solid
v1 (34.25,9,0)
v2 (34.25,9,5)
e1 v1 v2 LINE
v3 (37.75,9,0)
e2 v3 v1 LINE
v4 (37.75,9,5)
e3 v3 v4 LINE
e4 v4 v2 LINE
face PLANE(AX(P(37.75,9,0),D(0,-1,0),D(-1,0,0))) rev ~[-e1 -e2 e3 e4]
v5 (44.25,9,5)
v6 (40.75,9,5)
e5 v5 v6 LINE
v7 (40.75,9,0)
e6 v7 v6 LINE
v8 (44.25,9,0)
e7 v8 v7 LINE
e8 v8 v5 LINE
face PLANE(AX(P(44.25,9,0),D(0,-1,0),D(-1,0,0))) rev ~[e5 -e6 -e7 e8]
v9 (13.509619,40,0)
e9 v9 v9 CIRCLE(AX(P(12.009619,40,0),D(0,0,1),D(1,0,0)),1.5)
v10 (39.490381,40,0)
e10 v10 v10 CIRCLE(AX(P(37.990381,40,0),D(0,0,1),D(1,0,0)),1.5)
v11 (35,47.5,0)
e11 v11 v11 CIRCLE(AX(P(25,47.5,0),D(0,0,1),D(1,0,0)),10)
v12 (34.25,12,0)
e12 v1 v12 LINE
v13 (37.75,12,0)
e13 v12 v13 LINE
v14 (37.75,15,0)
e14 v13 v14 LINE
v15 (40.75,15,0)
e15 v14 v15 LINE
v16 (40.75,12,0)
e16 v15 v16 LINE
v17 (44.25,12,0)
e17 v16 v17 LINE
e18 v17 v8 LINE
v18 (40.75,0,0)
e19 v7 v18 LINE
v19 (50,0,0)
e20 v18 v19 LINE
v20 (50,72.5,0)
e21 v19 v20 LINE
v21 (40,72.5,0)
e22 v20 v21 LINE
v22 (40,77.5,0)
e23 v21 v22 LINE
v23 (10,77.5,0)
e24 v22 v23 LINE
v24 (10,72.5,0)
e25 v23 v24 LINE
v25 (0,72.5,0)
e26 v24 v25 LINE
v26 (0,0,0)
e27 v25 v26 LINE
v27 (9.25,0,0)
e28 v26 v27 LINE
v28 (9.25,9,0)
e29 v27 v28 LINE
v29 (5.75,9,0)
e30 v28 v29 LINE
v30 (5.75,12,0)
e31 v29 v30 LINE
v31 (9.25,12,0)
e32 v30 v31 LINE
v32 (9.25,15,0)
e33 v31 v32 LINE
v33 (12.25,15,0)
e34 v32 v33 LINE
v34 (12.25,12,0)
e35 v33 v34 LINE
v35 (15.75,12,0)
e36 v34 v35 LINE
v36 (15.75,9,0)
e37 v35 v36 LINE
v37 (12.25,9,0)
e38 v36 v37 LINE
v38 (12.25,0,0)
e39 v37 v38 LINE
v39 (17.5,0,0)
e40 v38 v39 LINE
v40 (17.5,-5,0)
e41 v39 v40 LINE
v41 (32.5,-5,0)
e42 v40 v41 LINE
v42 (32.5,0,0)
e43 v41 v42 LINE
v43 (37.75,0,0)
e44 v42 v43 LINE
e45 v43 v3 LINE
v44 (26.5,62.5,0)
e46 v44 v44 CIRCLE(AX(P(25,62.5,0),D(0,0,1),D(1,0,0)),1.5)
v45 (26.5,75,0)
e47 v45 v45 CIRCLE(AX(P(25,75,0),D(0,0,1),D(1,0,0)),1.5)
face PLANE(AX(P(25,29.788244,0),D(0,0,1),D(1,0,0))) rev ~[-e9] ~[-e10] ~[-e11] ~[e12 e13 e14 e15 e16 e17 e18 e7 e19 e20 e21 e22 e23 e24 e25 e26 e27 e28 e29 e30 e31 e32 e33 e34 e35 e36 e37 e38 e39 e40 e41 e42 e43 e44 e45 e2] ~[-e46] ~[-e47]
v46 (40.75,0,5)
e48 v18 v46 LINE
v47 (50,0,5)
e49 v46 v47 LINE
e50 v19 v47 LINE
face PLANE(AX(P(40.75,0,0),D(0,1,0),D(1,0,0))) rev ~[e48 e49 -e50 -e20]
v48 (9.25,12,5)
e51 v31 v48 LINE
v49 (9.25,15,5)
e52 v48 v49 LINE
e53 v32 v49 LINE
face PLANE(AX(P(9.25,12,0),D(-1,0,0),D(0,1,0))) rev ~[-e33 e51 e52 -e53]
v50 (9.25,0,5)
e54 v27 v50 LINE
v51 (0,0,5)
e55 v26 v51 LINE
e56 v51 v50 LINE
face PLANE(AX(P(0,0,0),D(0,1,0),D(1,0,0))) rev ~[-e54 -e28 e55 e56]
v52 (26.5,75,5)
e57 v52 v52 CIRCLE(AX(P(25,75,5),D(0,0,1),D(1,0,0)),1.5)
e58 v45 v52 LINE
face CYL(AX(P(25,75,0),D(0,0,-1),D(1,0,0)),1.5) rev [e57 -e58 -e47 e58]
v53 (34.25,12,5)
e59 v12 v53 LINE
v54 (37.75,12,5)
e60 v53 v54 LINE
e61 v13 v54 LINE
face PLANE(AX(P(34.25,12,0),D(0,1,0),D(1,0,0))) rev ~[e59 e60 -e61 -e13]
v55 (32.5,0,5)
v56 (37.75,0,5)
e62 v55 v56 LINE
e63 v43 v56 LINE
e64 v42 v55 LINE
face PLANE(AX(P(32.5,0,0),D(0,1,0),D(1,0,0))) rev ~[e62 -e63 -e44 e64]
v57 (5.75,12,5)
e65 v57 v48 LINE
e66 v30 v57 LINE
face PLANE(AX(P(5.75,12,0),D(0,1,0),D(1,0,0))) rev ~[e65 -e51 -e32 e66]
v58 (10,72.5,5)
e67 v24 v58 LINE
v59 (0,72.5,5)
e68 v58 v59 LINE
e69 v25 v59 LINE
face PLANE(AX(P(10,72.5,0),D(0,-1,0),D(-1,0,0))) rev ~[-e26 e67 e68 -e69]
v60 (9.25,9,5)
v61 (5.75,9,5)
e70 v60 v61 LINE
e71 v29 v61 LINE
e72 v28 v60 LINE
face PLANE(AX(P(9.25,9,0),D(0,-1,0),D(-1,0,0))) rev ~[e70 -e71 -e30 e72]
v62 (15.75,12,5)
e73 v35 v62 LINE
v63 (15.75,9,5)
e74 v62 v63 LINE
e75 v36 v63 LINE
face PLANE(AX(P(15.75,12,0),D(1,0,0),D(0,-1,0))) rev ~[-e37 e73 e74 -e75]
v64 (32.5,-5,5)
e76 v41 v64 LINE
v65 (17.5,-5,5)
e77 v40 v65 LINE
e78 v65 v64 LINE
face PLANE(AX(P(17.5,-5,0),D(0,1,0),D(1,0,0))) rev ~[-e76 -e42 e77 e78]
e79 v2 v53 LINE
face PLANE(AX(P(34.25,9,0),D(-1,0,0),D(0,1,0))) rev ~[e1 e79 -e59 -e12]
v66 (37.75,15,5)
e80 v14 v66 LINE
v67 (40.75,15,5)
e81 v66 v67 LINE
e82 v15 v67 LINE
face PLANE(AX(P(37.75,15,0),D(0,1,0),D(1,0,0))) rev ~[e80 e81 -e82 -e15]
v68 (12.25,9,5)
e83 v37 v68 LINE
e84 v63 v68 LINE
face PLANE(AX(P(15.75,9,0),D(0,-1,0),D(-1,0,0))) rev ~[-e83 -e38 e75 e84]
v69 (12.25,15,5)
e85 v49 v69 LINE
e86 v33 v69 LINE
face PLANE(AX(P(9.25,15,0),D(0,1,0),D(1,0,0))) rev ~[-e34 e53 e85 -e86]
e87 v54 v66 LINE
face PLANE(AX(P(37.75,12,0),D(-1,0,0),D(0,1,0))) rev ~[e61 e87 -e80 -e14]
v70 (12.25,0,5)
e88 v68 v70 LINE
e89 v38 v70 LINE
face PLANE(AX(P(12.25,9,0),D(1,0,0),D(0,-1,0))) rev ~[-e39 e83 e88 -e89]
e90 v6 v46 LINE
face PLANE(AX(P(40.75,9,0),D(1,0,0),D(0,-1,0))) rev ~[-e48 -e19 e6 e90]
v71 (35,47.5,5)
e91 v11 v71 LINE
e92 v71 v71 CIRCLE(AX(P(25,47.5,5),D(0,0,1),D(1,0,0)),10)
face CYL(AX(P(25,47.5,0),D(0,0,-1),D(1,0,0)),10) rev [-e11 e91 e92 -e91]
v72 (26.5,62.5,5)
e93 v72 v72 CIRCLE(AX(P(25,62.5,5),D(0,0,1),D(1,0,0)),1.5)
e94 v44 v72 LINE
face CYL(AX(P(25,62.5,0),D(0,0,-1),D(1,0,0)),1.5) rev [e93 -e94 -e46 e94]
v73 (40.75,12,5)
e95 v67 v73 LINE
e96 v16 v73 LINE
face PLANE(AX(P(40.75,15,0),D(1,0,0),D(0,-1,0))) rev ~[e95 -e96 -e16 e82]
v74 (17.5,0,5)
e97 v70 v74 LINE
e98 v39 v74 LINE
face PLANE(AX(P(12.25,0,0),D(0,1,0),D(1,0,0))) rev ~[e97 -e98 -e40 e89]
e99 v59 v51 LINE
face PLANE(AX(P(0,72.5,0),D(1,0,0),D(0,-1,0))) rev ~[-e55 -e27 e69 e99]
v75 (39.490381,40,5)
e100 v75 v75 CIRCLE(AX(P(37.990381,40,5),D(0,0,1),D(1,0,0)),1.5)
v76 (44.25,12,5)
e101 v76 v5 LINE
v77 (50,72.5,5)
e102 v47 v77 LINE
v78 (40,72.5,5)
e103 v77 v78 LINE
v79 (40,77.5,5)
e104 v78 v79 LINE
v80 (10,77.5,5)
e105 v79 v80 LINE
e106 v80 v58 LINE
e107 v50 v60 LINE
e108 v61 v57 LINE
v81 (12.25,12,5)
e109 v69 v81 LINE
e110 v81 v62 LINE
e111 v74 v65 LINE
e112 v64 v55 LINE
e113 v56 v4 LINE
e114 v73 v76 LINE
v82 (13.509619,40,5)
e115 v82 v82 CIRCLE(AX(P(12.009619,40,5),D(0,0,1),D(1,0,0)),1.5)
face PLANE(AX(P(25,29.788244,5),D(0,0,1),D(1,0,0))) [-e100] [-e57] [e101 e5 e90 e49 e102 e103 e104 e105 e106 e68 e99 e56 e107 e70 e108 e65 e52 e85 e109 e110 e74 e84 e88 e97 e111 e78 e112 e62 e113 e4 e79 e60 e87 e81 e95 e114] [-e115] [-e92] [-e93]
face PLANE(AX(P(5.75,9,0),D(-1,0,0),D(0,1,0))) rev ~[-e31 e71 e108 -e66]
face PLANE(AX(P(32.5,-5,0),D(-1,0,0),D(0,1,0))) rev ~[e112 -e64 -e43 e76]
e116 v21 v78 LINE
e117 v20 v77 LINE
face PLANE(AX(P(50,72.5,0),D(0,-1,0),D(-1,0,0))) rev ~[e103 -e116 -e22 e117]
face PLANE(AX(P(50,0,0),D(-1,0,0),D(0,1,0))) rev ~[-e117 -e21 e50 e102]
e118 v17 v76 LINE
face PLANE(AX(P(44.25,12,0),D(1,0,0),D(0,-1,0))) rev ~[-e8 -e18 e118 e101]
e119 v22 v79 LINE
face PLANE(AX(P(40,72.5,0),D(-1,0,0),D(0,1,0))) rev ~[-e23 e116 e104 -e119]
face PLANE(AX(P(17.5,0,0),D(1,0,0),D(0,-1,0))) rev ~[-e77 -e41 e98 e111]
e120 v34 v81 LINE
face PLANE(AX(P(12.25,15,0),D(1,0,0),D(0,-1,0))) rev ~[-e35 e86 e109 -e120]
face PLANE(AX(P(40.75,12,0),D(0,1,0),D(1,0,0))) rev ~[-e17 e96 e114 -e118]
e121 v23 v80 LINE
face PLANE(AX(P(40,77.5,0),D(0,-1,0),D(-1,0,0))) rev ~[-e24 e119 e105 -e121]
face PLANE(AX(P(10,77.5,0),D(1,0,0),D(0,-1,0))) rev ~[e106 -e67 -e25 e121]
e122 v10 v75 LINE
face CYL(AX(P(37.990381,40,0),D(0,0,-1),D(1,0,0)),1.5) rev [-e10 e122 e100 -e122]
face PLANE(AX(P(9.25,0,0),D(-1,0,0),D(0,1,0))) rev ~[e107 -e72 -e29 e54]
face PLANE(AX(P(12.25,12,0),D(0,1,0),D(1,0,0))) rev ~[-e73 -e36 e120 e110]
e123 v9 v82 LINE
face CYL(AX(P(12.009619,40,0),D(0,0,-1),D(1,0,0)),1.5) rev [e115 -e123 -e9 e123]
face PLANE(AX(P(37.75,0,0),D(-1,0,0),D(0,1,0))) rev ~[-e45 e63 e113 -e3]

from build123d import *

# Parameters (mm, degrees)
CROQUIS1_R              = 1.5
CROQUIS1_R_2            = 10
SALIENTE_EXTRUIR1_DEPTH = 5


with BuildPart() as part:
    # Croquis1 → Saliente-Extruir1 (new body)
    with BuildSketch(Plane.XY):
        Polygon((0, 0), (9.25, 0), (9.25, 9), (5.75, 9), (5.75, 12), (9.25, 12), (9.25, 15), (12.25, 15), (12.25, 12), (15.75, 12), (15.75, 9), (12.25, 9), (12.25, 0), (17.5, 0), (17.5, -5), (32.5, -5), (32.5, 0), (37.75, 0), (37.75, 9), (34.25, 9), (34.25, 12), (37.75, 12), (37.75, 15), (40.75, 15), (40.75, 12), (44.25, 12), (44.25, 9), (40.75, 9), (40.75, 0), (50, 0), (50, 72.5), (40, 72.5), (40, 77.5), (10, 77.5), (10, 72.5), (0, 72.5), align=None)
        with Locations((25, 75)):
            Circle(CROQUIS1_R, mode=Mode.SUBTRACT)
        with Locations((25, 47.5)):
            Circle(CROQUIS1_R_2, mode=Mode.SUBTRACT)
        with Locations((25, 62.5)):
            Circle(CROQUIS1_R, mode=Mode.SUBTRACT)
        with Locations((37.990381057, 40)):
            Circle(CROQUIS1_R, mode=Mode.SUBTRACT)
        with Locations((12.009618943, 40)):
            Circle(CROQUIS1_R, mode=Mode.SUBTRACT)
    extrude(amount=SALIENTE_EXTRUIR1_DEPTH)


solid = part.part
